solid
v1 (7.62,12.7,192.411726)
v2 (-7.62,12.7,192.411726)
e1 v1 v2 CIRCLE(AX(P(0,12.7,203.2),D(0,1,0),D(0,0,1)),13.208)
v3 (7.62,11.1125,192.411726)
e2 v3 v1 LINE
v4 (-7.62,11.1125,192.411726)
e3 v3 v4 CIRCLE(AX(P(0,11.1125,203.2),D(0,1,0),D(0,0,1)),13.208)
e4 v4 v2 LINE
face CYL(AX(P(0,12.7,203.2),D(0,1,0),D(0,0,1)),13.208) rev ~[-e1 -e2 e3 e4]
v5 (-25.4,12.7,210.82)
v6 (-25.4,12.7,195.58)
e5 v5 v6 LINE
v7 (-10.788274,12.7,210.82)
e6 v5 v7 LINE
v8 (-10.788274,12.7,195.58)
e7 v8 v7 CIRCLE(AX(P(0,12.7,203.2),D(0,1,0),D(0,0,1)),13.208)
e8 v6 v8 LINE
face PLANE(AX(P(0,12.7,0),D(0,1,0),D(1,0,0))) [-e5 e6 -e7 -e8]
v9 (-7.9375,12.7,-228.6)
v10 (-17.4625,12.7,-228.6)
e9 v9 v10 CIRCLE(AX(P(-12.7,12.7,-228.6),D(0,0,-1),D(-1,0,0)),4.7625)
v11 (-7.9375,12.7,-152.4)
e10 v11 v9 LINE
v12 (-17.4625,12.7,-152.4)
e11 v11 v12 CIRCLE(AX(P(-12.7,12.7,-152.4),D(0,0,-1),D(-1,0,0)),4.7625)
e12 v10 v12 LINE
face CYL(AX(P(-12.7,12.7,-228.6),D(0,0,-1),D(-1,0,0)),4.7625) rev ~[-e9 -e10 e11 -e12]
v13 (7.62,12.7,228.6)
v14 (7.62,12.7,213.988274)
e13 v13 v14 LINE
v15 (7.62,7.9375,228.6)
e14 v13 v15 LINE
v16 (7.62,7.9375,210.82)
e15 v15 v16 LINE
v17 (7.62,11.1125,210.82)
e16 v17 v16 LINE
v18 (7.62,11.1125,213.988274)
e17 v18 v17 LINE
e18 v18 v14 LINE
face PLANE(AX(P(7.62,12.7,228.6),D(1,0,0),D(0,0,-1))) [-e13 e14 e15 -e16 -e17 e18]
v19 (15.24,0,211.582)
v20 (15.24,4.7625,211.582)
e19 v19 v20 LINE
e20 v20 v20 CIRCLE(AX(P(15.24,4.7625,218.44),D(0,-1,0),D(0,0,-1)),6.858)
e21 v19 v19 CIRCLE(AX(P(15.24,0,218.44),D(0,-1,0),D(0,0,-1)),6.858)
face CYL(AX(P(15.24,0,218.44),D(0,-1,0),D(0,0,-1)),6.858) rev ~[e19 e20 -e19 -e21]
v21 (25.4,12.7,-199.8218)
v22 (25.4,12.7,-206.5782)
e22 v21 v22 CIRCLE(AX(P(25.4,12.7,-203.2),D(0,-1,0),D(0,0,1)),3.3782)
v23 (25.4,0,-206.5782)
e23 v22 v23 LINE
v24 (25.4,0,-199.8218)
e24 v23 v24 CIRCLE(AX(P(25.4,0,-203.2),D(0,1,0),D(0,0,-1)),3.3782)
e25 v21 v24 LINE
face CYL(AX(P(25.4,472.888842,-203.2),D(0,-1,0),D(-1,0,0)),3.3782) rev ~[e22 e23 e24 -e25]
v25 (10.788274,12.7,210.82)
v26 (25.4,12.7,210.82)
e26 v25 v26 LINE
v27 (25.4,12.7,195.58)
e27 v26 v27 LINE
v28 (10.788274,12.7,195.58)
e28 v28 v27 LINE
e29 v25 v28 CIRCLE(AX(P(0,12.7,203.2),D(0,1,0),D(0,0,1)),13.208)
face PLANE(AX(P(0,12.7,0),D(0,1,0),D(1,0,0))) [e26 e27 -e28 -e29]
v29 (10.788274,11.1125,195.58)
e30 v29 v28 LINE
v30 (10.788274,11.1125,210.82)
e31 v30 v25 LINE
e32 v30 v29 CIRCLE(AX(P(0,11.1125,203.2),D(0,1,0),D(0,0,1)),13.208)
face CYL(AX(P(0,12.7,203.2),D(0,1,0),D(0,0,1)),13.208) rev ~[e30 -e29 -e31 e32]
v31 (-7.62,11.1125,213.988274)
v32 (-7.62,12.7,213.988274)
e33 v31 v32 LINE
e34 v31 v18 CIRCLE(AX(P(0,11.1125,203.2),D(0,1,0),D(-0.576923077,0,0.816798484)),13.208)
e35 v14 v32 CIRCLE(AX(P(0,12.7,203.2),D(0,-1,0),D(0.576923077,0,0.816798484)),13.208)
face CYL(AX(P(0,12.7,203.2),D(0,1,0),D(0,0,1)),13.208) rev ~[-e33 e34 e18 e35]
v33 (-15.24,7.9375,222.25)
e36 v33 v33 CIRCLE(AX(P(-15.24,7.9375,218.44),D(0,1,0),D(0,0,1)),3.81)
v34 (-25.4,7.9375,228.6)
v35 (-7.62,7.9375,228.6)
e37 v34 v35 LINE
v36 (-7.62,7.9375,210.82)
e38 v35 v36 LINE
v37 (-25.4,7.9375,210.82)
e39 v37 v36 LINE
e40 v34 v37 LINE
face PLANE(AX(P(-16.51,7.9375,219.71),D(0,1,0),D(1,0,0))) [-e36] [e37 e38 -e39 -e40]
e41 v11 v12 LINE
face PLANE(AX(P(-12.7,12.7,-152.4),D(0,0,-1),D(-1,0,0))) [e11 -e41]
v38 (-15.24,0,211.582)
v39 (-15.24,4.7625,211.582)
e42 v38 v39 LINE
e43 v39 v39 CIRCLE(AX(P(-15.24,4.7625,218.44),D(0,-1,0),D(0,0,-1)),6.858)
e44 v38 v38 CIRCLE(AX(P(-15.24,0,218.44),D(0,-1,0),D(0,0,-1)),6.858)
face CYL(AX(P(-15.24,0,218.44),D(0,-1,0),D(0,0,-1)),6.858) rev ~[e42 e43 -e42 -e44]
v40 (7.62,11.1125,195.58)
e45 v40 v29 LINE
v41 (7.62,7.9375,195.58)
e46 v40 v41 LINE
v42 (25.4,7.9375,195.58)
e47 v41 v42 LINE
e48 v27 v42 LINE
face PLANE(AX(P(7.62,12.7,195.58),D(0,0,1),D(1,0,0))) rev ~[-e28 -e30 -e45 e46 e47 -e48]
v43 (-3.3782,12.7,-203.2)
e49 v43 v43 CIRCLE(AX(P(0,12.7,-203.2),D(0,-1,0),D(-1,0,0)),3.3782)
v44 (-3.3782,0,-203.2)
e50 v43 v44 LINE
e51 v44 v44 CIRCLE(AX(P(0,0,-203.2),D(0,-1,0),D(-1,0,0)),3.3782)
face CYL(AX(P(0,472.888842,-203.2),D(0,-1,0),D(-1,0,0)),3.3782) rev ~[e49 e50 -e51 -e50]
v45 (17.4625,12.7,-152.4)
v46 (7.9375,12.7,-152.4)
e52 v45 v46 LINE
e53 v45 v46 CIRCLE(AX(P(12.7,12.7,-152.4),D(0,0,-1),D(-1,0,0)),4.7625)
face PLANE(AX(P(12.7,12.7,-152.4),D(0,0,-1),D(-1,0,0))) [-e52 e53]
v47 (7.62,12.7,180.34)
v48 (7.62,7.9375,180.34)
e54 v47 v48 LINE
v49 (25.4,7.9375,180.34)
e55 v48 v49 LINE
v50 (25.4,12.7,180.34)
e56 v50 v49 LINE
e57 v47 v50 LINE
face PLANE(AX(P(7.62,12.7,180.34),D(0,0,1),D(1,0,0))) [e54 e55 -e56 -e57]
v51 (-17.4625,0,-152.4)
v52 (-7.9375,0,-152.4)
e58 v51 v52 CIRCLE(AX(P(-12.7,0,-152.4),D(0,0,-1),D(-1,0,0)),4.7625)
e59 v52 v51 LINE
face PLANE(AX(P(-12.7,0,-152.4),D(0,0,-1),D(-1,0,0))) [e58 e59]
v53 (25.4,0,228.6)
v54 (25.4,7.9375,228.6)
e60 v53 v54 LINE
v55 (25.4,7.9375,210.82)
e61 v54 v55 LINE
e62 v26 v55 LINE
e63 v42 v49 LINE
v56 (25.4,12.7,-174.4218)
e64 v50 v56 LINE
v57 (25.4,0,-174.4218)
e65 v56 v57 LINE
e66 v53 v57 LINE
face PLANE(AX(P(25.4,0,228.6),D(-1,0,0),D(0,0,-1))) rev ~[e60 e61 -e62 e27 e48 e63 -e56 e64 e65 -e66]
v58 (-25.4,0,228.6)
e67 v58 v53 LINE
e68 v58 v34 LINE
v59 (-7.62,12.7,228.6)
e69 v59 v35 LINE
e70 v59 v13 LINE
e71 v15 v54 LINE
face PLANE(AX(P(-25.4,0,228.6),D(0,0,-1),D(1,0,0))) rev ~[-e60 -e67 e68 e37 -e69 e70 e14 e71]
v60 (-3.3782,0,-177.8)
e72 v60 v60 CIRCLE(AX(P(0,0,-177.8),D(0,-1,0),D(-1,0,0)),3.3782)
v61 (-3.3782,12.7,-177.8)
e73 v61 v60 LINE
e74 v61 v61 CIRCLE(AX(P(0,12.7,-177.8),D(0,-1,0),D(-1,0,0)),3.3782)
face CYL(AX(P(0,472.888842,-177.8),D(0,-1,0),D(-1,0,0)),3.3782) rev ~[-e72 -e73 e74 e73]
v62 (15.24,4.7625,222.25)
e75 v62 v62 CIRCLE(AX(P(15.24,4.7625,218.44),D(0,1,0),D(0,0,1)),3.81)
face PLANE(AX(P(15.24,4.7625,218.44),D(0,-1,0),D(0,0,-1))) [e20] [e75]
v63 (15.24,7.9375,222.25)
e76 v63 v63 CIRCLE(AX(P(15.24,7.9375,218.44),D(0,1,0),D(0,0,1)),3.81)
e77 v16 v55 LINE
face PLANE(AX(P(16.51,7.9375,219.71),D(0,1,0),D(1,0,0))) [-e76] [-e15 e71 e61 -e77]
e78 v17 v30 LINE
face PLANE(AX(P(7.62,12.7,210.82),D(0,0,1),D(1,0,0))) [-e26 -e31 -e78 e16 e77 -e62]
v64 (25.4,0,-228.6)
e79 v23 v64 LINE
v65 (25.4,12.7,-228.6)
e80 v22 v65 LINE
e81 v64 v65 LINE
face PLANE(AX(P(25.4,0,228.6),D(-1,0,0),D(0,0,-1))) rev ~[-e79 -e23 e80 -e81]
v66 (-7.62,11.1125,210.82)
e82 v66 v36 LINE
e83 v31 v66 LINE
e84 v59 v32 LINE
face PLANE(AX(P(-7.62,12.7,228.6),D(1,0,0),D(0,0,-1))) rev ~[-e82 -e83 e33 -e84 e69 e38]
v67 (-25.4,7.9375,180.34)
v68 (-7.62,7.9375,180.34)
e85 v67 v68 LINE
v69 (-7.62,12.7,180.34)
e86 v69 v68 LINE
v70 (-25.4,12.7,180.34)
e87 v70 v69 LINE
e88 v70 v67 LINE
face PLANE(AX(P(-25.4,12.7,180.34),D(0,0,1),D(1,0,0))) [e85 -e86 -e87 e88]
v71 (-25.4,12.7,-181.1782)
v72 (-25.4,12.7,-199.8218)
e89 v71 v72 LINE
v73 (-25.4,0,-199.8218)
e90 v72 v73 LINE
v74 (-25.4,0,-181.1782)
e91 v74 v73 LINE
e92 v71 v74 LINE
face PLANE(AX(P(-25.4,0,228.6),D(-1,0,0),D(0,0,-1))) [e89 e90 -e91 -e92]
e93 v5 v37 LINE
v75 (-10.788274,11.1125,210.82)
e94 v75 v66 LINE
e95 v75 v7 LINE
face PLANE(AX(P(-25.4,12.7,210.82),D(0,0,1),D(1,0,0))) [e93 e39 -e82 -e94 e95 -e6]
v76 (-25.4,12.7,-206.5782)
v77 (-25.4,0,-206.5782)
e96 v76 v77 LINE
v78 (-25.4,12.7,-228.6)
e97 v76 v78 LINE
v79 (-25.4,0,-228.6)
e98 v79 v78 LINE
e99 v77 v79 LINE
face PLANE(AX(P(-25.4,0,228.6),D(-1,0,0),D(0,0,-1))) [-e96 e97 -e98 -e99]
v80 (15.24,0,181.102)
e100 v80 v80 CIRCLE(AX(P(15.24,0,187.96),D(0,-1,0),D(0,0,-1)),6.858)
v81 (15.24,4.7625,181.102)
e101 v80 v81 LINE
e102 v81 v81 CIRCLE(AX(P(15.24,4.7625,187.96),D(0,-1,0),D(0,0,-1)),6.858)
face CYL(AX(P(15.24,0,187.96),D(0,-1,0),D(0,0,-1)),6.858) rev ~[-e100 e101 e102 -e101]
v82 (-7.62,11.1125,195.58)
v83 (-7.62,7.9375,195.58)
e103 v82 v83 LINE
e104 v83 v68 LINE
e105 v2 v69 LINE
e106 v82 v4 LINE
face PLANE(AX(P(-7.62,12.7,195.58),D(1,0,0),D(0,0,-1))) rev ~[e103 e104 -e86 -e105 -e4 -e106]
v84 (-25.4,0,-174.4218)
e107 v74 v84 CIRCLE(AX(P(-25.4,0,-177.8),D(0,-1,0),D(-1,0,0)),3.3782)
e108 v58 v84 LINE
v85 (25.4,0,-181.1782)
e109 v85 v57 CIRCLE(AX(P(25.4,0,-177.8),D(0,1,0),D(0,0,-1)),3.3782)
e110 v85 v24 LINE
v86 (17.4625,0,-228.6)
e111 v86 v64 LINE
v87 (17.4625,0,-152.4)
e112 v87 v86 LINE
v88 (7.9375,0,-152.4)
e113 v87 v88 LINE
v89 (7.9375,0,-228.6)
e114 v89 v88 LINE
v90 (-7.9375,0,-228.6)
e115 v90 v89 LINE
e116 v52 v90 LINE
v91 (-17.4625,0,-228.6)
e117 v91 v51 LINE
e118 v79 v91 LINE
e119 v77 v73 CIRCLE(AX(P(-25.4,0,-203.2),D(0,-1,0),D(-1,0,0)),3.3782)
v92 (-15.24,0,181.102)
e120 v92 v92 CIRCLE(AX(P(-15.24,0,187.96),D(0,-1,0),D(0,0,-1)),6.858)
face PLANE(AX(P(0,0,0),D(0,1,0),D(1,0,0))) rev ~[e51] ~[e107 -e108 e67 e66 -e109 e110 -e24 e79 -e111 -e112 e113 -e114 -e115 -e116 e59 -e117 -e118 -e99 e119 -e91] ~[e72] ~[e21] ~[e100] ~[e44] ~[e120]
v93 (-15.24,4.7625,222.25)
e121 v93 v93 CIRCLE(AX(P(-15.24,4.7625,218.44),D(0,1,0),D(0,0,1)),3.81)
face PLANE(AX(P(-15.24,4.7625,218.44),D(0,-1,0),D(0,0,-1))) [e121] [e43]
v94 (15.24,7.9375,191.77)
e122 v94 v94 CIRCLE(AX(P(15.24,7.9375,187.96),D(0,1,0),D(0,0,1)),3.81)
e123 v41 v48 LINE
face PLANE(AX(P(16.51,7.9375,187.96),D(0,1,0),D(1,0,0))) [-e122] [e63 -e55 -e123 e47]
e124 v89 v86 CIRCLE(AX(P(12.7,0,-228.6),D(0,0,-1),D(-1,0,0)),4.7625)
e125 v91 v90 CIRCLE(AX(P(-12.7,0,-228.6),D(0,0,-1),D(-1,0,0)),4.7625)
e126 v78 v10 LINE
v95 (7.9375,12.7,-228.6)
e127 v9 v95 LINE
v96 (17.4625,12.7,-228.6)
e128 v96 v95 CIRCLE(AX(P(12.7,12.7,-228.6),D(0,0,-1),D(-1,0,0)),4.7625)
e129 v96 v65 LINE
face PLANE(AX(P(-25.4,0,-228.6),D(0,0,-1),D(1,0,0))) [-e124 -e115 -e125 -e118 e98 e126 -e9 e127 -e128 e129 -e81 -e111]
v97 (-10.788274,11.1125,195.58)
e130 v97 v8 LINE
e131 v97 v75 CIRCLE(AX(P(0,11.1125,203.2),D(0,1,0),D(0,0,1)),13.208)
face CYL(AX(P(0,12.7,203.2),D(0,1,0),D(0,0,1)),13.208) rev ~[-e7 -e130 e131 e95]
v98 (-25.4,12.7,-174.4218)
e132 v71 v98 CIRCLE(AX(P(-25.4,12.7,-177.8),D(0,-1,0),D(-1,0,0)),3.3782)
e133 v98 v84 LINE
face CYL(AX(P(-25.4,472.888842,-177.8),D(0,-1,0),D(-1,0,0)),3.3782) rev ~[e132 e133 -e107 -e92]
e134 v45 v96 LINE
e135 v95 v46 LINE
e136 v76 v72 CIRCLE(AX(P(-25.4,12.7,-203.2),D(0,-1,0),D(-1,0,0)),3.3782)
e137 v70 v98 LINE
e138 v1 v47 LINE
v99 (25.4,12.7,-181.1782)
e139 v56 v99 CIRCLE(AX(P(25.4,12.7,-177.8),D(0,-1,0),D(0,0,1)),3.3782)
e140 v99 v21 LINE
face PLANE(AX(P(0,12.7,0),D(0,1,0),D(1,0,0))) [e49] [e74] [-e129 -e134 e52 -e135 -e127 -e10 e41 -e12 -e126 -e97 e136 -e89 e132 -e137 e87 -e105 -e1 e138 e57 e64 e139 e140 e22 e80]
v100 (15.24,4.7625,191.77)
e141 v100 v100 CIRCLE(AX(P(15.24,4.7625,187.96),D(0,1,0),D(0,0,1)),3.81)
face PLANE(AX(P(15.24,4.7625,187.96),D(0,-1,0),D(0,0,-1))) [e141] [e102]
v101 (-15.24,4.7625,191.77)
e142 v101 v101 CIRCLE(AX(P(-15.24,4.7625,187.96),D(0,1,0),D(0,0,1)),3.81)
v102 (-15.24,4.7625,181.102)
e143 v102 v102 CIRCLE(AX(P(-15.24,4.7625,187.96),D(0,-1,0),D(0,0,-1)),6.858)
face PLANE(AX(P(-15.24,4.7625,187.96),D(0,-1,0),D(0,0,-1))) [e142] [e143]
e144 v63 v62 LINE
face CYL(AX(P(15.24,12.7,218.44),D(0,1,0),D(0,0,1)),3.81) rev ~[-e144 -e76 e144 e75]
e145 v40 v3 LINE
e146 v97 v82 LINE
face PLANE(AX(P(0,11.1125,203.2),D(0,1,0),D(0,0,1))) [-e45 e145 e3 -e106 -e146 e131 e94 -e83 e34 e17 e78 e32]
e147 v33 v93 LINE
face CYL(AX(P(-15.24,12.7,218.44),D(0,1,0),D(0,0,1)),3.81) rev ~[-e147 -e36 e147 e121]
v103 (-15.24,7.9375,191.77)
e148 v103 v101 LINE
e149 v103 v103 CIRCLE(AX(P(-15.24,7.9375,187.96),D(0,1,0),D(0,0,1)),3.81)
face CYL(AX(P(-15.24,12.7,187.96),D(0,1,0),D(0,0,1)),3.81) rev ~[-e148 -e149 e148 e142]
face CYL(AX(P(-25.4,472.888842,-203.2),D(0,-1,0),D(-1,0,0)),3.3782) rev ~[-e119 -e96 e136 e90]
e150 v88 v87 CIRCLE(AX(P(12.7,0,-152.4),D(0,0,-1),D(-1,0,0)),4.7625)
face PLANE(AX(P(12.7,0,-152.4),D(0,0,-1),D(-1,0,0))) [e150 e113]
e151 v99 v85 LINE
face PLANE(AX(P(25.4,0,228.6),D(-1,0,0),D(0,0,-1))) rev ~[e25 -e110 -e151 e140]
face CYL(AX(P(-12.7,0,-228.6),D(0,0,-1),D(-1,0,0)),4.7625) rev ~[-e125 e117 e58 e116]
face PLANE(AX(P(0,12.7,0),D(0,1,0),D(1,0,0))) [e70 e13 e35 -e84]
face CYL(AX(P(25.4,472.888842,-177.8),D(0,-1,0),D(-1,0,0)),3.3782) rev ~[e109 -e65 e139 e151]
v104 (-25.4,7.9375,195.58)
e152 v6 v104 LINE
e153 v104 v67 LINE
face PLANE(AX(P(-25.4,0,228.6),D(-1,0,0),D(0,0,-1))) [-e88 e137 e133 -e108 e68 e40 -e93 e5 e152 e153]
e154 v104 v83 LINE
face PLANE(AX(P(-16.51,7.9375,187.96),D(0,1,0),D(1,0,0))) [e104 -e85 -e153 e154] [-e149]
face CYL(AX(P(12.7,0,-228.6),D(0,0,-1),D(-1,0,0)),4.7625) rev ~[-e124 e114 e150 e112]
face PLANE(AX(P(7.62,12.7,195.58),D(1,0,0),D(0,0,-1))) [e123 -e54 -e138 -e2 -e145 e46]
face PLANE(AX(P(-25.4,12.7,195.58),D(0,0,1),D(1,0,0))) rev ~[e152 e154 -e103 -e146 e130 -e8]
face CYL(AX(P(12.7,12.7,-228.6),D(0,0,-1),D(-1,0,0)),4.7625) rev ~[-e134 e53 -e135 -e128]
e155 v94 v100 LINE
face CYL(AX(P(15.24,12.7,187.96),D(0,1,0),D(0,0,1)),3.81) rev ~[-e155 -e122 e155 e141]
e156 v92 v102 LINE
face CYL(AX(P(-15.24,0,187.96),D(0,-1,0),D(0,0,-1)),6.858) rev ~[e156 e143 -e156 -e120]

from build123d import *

# Parameters (mm, degrees)
SKETCH1_W               = 50.8
SKETCH1_H               = 457.2
BOSS_EXTRUDE1_DEPTH     = 12.7
SKETCH2_R               = 4.7625
CUT_EXTRUDE1_DEPTH      = 76.2
F_1_4_CLEARANCE_HOLE1_D = 6.7564
SKETCH11_R              = 13.208
CUT_EXTRUDE2_DEPTH      = 1.5875
SKETCH13_R              = 3.81
CUT_EXTRUDE3_DEPTH      = 231.35713577
SKETCH15_W              = 17.78
SKETCH15_H              = 15.24
SKETCH15_H_2            = 17.78
CUT_EXTRUDE4_DEPTH      = 4.7625
SKETCH16_R              = 6.858
CUT_EXTRUDE5_DEPTH      = 4.7625


with BuildPart() as part:
    # Sketch1 → Boss-Extrude1 (new body)
    with BuildSketch(Plane(origin=(0, 0, 0), x_dir=(1, 0, 0), z_dir=(0, 1, 0))):
        Rectangle(SKETCH1_W, SKETCH1_H)
    extrude(amount=BOSS_EXTRUDE1_DEPTH)

    # Sketch2 → Cut-Extrude1 (cut)
    with BuildSketch(Plane(origin=(0, 0, -228.6), x_dir=(-1, 0, 0), z_dir=(0, 0, -1))):
        with Locations((-12.7, 12.7)):
            Circle(SKETCH2_R)
        with Locations((12.7, 12.7)):
            Circle(SKETCH2_R)
        with Locations((-12.7, 0)):
            Circle(SKETCH2_R)
        with Locations((12.7, 0)):
            Circle(SKETCH2_R)
    extrude(amount=-CUT_EXTRUDE1_DEPTH, mode=Mode.SUBTRACT)

    # 1/4 Clearance Hole1 (through all)
    with Locations(Plane(origin=(0, 12.7, 0), x_dir=(1, 0, 0), z_dir=(0, 1, 0))):
        with Locations((0, 203.2), (0, 177.8), (25.4, 203.2), (25.4, 177.8), (-25.4, 177.8), (-25.4, 203.2)):
            Hole(F_1_4_CLEARANCE_HOLE1_D / 2)

    # Sketch11 → Cut-Extrude2 (cut)
    with BuildSketch(Plane(origin=(0, 12.7, 0), x_dir=(1, 0, 0), z_dir=(0, 1, 0))):
        with Locations(Location((0, -203.2, 0), (0, 0, 270))):
            Circle(SKETCH11_R)
    extrude(amount=-CUT_EXTRUDE2_DEPTH, mode=Mode.SUBTRACT)

    # Sketch13 → Cut-Extrude3 (cut, through all)
    with BuildSketch(Plane(origin=(0, 12.7, 0), x_dir=(1, 0, 0), z_dir=(0, 1, 0))):
        with Locations(Location((-15.24, -187.96, 0), (0, 0, 270))):
            Circle(SKETCH13_R)
        with Locations(Location((15.24, -187.96, 0), (0, 0, 270))):
            Circle(SKETCH13_R)
        with Locations(Location((15.24, -218.44, 0), (0, 0, 270))):
            Circle(SKETCH13_R)
        with Locations(Location((-15.24, -218.44, 0), (0, 0, 270))):
            Circle(SKETCH13_R)
    extrude(amount=-CUT_EXTRUDE3_DEPTH, mode=Mode.SUBTRACT)

    # Sketch15 → Cut-Extrude4 (cut)
    with BuildSketch(Plane(origin=(0, 12.7, 0), x_dir=(1, 0, 0), z_dir=(0, 1, 0))):
        with Locations((-16.51, -187.96)):
            Rectangle(SKETCH15_W, SKETCH15_H)
        with Locations((16.51, -187.96)):
            Rectangle(SKETCH15_W, SKETCH15_H)
        with Locations((-16.51, -219.71)):
            Rectangle(SKETCH15_W, SKETCH15_H_2)
        with Locations((16.51, -219.71)):
            Rectangle(SKETCH15_W, SKETCH15_H_2)
    extrude(amount=-CUT_EXTRUDE4_DEPTH, mode=Mode.SUBTRACT)

    # Sketch16 → Cut-Extrude5 (cut)
    with BuildSketch(Plane.XZ):
        with Locations(Location((-15.24, 218.44, 0), (0, 0, 270))):
            Circle(SKETCH16_R)
        with Locations(Location((15.24, 218.44, 0), (0, 0, 270))):
            Circle(SKETCH16_R)
        with Locations(Location((15.24, 187.96, 0), (0, 0, 270))):
            Circle(SKETCH16_R)
        with Locations(Location((-15.24, 187.96, 0), (0, 0, 270))):
            Circle(SKETCH16_R)
    extrude(amount=-CUT_EXTRUDE5_DEPTH, mode=Mode.SUBTRACT)


solid = part.part
